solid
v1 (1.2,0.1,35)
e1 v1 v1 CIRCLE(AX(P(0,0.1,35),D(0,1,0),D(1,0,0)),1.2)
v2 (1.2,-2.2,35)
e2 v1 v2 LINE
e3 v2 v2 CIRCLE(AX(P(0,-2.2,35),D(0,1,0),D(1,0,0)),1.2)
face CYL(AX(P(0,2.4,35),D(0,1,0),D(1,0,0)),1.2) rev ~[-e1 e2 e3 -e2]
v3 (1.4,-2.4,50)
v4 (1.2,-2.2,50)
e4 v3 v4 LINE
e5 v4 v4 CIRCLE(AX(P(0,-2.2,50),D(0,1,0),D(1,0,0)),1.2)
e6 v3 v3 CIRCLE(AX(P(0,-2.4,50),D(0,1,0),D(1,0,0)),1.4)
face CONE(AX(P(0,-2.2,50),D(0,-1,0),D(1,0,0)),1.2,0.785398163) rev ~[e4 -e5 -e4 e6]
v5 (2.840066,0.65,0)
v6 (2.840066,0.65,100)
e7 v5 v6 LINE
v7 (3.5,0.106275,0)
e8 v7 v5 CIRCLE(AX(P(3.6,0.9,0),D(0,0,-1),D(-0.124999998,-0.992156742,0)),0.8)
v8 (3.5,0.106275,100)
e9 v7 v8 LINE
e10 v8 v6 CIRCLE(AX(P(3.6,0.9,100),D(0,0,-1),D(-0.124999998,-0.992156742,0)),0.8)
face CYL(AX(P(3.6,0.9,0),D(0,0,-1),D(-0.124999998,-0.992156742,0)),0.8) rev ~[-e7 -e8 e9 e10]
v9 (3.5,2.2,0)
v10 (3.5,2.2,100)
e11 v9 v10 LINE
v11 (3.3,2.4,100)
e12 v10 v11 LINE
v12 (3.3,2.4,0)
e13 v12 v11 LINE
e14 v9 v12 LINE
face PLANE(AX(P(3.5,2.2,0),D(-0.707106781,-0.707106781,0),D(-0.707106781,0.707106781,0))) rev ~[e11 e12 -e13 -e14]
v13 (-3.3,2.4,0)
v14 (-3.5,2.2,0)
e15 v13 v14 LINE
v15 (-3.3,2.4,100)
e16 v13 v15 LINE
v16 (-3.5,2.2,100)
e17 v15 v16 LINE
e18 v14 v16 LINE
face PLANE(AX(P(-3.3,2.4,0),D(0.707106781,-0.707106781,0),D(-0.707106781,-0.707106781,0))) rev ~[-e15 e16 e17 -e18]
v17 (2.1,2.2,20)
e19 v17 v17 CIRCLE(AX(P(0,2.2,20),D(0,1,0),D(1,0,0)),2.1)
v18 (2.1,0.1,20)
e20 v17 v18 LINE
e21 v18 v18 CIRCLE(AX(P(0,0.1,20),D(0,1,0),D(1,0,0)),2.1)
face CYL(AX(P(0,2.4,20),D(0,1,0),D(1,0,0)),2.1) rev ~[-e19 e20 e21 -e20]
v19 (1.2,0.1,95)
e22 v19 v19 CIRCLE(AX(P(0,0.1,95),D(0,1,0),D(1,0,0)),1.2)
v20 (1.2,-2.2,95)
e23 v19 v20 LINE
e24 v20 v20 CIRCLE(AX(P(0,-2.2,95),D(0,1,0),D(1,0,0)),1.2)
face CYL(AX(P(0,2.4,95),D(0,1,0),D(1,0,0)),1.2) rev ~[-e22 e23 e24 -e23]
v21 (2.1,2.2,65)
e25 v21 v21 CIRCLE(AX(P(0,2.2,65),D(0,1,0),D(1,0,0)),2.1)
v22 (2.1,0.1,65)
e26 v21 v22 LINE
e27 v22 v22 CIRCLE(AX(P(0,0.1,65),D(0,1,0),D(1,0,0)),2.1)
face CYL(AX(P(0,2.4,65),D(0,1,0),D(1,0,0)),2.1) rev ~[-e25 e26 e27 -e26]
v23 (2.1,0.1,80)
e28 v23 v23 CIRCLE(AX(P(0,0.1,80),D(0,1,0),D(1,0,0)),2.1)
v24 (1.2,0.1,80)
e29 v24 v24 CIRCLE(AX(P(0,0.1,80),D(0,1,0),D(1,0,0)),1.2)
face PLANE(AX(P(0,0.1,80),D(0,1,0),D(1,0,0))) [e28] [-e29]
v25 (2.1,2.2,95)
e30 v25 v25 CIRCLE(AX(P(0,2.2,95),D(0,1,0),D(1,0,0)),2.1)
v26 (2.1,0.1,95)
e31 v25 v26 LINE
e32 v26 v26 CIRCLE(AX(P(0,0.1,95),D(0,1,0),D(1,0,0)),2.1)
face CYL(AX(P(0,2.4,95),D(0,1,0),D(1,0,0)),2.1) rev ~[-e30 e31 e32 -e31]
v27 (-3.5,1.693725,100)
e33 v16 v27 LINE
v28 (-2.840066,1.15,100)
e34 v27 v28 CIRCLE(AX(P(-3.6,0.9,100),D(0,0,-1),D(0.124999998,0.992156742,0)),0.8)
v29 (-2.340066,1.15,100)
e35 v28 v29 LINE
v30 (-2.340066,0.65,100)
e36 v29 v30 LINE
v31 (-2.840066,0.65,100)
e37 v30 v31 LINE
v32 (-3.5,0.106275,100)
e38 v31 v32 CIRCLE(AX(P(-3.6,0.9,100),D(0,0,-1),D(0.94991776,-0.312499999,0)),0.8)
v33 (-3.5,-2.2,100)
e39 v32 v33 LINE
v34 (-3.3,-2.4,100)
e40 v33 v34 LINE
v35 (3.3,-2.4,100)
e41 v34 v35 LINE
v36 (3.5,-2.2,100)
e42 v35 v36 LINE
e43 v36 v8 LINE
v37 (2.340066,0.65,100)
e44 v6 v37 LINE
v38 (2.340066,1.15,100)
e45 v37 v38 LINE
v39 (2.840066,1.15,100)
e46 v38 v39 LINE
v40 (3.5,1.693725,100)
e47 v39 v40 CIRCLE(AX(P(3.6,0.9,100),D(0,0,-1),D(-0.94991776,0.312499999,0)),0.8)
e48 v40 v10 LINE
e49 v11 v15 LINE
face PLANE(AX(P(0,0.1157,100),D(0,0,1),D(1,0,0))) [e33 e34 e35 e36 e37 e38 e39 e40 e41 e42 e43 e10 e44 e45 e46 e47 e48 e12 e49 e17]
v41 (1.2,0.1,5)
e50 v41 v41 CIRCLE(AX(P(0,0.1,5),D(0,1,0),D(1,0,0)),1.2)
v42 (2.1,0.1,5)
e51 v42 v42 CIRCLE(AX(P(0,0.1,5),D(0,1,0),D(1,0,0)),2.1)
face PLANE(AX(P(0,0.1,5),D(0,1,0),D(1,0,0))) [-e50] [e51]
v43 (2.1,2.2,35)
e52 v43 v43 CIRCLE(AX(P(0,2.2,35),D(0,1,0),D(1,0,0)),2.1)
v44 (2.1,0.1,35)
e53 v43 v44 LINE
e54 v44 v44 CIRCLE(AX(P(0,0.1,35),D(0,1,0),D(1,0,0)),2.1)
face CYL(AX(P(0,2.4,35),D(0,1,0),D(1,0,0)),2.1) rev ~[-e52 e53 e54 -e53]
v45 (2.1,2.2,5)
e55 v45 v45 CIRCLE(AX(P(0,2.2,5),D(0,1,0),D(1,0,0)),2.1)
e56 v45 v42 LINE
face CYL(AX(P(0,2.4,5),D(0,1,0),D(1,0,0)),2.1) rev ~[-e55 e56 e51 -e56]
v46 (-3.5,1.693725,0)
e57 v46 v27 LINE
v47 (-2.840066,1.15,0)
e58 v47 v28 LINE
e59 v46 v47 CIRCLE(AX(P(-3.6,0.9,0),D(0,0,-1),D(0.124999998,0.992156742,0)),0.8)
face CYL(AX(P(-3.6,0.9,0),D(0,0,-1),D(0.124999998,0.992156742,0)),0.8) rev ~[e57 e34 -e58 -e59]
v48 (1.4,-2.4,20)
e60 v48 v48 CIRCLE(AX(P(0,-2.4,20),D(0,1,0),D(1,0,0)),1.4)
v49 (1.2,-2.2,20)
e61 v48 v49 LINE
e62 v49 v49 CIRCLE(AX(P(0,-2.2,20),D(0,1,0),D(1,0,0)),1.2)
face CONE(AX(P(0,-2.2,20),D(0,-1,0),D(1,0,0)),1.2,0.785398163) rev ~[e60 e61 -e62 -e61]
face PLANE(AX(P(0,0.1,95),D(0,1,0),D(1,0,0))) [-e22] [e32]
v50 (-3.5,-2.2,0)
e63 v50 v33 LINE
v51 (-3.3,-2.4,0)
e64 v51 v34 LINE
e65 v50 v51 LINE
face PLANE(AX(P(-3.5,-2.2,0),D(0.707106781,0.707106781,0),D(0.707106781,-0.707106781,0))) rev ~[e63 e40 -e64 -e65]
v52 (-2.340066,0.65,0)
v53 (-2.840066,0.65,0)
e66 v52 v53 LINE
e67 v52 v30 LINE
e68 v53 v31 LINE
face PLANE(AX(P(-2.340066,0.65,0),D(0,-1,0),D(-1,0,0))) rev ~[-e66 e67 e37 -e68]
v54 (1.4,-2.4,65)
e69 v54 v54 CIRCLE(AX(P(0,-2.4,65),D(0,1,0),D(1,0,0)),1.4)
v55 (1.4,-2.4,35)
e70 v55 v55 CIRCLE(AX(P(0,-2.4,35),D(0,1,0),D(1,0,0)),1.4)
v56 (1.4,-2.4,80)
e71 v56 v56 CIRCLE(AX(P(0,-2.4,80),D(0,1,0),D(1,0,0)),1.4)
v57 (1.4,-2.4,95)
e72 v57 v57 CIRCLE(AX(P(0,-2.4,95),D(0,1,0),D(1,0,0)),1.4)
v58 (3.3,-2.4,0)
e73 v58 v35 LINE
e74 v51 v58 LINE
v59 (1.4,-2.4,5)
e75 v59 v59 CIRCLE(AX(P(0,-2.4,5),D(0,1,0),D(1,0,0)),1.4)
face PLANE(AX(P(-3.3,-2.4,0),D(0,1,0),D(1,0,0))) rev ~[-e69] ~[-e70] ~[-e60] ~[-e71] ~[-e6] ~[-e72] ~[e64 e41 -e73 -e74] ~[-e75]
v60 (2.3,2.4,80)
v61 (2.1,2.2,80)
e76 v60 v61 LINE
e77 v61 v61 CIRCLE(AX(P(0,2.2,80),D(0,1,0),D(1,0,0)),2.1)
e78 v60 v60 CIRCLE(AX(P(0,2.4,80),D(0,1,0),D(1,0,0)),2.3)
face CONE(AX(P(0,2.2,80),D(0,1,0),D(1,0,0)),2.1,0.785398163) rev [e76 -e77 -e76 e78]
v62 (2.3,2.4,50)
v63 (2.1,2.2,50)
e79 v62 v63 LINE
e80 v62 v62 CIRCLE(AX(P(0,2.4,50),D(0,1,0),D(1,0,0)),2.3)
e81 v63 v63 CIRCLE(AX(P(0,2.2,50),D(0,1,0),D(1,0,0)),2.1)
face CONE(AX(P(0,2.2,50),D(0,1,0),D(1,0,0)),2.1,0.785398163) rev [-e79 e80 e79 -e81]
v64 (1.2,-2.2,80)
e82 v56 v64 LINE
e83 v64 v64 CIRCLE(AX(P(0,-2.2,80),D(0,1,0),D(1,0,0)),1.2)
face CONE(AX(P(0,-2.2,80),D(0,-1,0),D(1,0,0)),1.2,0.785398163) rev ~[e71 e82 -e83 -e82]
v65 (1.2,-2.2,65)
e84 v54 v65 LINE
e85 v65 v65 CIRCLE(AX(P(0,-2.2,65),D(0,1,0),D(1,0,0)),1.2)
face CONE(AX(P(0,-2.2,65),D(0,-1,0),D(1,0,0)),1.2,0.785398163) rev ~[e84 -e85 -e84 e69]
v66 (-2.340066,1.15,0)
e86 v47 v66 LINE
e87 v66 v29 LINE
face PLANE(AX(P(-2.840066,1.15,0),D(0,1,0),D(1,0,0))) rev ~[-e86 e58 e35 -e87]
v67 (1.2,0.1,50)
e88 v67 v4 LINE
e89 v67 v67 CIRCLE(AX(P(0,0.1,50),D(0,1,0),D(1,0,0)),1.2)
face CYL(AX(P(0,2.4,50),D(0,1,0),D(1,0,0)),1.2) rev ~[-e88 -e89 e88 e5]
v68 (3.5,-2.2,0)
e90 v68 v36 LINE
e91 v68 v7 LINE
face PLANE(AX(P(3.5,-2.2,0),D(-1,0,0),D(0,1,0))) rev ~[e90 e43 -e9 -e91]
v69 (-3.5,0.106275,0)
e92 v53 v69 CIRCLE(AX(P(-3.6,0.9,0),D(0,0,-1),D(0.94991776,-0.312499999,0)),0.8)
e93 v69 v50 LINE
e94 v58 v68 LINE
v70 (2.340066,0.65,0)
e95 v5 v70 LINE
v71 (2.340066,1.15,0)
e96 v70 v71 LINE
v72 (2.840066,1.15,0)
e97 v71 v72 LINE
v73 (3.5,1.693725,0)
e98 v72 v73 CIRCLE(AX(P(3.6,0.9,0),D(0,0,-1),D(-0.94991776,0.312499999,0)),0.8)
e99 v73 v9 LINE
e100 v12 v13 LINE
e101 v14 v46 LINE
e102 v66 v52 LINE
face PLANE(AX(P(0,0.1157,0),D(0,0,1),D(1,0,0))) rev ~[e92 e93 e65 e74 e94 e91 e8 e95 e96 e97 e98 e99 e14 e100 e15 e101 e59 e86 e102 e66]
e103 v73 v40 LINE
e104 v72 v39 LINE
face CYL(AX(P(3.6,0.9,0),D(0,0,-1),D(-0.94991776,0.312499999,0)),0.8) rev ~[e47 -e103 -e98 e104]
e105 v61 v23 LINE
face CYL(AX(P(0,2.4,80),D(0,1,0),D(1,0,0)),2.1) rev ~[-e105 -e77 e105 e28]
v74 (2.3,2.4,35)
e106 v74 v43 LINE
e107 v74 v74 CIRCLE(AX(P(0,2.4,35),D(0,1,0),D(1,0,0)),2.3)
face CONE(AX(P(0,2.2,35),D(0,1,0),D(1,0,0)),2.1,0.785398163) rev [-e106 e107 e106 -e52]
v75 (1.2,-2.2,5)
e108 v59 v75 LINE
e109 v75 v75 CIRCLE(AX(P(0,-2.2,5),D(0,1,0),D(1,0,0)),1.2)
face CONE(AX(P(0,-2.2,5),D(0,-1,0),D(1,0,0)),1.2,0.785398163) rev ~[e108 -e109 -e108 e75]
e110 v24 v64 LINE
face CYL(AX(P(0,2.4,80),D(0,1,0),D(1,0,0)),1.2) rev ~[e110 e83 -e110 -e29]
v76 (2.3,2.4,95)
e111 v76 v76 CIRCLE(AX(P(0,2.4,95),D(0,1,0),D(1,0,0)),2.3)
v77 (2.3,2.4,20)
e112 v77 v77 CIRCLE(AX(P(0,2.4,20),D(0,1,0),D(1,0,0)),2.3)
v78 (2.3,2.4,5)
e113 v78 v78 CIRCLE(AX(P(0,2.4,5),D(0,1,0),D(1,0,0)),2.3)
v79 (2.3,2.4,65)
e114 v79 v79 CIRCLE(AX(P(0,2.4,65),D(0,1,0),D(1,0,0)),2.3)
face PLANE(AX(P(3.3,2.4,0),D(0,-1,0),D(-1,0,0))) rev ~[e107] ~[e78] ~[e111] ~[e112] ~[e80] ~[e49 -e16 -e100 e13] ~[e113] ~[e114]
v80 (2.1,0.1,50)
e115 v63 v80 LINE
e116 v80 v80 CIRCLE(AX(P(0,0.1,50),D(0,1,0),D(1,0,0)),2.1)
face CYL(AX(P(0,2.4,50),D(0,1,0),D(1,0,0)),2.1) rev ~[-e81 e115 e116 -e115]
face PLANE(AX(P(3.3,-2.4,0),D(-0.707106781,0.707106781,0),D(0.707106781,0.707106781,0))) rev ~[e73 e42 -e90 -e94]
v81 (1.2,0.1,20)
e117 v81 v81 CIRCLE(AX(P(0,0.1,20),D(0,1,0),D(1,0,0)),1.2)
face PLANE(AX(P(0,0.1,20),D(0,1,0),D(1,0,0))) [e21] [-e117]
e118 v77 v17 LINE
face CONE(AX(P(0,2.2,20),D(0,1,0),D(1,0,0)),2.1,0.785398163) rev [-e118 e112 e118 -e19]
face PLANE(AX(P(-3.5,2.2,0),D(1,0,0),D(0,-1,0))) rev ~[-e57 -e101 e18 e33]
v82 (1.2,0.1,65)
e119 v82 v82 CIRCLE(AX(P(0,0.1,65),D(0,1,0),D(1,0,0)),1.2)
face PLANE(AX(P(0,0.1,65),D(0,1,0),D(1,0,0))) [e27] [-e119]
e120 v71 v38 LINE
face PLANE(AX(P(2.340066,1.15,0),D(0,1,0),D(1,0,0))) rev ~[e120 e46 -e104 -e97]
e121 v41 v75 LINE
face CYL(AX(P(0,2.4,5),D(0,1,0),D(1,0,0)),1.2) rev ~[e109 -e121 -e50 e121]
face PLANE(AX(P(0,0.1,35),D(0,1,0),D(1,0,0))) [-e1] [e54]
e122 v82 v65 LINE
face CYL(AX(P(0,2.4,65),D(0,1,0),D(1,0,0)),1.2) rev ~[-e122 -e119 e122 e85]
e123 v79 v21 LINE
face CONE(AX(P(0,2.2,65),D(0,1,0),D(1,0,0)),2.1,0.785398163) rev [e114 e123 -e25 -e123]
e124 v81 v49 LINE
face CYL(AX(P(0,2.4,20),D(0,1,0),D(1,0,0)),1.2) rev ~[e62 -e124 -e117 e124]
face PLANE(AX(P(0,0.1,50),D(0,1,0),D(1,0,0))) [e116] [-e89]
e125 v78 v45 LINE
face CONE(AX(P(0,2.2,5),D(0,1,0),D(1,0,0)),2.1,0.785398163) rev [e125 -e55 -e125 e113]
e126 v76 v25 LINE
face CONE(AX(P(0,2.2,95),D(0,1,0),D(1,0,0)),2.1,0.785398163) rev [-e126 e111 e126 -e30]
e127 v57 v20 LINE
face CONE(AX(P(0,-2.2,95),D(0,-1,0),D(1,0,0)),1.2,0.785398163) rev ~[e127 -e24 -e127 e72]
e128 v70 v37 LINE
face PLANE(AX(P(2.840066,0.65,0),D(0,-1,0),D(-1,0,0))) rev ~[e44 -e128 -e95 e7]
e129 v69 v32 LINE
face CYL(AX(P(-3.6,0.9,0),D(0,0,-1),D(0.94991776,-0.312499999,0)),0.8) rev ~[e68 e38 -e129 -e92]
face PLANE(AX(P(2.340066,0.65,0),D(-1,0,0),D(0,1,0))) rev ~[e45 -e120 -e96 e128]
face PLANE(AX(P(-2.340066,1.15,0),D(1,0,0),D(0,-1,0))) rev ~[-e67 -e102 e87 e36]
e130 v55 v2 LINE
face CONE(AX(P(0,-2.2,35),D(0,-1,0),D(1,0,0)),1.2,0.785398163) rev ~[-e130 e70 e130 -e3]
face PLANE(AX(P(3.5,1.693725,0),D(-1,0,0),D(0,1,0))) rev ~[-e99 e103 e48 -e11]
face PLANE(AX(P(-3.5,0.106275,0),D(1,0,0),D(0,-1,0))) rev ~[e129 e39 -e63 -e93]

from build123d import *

# Parameters (mm, degrees)
EXTRUDE1_DEPTH             = 100
EXTRUDE2_REACH             = 102.176
SKETCH2_R                  = 1.2
SKETCH_R                   = 2.1
SKETCH_R_2                 = 1.2
EXTRUDE4_DEPTH             = 2.3
CHAMFER1_SIZE              = 0.2
LPATTERN1_COUNT            = 7
LPATTERN1_PITCH            = 15
CHAMFER1_OF_LPATTERN1_SIZE = 0.2


with BuildPart() as part:
    # Sketch1 → Extrude1 (new body)
    with BuildSketch(Plane.XY):
        with BuildLine():
            Line((-3.3, -2.4), (3.3, -2.4))
            Line((3.3, -2.4), (3.5, -2.2))
            Line((3.5, -2.2), (3.5, 0.106274607))
            ThreePointArc((3.5, 0.106274607), (3.091294745, 0.282570681), (2.840065792, 0.65))
            Line((2.840065792, 0.65), (2.340065792, 0.65))
            Line((2.340065792, 0.65), (2.340065792, 1.15))
            Line((2.340065792, 1.15), (2.840065792, 1.15))
            ThreePointArc((2.840065792, 1.15), (3.091294745, 1.517429319), (3.5, 1.693725393))
            Line((3.5, 1.693725393), (3.5, 2.2))
            Line((3.5, 2.2), (3.3, 2.4))
            Line((3.3, 2.4), (-3.3, 2.4))
            Line((-3.3, 2.4), (-3.5, 2.2))
            Line((-3.5, 2.2), (-3.5, 1.693725393))
            ThreePointArc((-3.5, 1.693725393), (-3.091294745, 1.517429319), (-2.840065792, 1.15))
            Line((-2.840065792, 1.15), (-2.340065792, 1.15))
            Line((-2.340065792, 1.15), (-2.340065792, 0.65))
            Line((-2.340065792, 0.65), (-2.840065792, 0.65))
            ThreePointArc((-2.840065792, 0.65), (-3.091294745, 0.282570681), (-3.5, 0.106274607))
            Line((-3.5, 0.106274607), (-3.5, -2.2))
            Line((-3.5, -2.2), (-3.3, -2.4))
        make_face()
    extrude(amount=EXTRUDE1_DEPTH)

    # Sketch2 → Extrude2 (cut, up to next)
    with BuildSketch(Plane(origin=(0, 2.4, 0), x_dir=(1, 0, 0), z_dir=(0, 1, 0)), mode=Mode.PRIVATE) as extrude2_sk1:
        with Locations((0, -5)):
            Circle(SKETCH2_R)
    extrude2_tool1 = extrude(extrude2_sk1.sketch, amount=-EXTRUDE2_REACH, mode=Mode.PRIVATE) & part.part
    extrude2 = extrude2_tool1.solids().sort_by_distance((0, 2.4, 5))[0]
    add(extrude2, mode=Mode.SUBTRACT)

    # Sketch → Extrude4 (cut)
    with BuildSketch(Plane(origin=(0, 2.4, 0), x_dir=(1, 0, 0), z_dir=(0, 1, 0))):
        with Locations((0, -5)):
            Circle(SKETCH_R)
        with Locations((0, -5)):
            Circle(SKETCH_R_2, mode=Mode.SUBTRACT)
    extrude4 = extrude(amount=-EXTRUDE4_DEPTH, mode=Mode.SUBTRACT)

    # Chamfer1
    chamfer1_edges = [part.edges().sort_by_distance(p)[0] for p in [
        (-1.2, -2.4, 5),
        (-2.1, 2.4, 5),
    ]]
    chamfer(chamfer1_edges, length=CHAMFER1_SIZE)

    # LPattern1: Extrude2, Extrude4 ×7
    with Locations(*[(0, 0, i * LPATTERN1_PITCH) for i in range(1, LPATTERN1_COUNT)]):
        add(extrude2, mode=Mode.SUBTRACT)
        add(extrude4, mode=Mode.SUBTRACT)

    # Chamfer1 of LPattern1
    chamfer1_of_lpattern1_edges = [part.edges().sort_by_distance(p)[0] for p in [
        (-1.2, -2.4, 20),
        (-2.1, 2.4, 20),
        (-1.2, -2.4, 35),
        (-2.1, 2.4, 35),
        (-1.2, -2.4, 50),
        (-2.1, 2.4, 50),
        (-1.2, -2.4, 65),
        (-2.1, 2.4, 65),
        (-1.2, -2.4, 80),
        (-2.1, 2.4, 80),
        (-1.2, -2.4, 95),
        (-2.1, 2.4, 95),
    ]]
    chamfer(chamfer1_of_lpattern1_edges, length=CHAMFER1_OF_LPATTERN1_SIZE)


solid = part.part
